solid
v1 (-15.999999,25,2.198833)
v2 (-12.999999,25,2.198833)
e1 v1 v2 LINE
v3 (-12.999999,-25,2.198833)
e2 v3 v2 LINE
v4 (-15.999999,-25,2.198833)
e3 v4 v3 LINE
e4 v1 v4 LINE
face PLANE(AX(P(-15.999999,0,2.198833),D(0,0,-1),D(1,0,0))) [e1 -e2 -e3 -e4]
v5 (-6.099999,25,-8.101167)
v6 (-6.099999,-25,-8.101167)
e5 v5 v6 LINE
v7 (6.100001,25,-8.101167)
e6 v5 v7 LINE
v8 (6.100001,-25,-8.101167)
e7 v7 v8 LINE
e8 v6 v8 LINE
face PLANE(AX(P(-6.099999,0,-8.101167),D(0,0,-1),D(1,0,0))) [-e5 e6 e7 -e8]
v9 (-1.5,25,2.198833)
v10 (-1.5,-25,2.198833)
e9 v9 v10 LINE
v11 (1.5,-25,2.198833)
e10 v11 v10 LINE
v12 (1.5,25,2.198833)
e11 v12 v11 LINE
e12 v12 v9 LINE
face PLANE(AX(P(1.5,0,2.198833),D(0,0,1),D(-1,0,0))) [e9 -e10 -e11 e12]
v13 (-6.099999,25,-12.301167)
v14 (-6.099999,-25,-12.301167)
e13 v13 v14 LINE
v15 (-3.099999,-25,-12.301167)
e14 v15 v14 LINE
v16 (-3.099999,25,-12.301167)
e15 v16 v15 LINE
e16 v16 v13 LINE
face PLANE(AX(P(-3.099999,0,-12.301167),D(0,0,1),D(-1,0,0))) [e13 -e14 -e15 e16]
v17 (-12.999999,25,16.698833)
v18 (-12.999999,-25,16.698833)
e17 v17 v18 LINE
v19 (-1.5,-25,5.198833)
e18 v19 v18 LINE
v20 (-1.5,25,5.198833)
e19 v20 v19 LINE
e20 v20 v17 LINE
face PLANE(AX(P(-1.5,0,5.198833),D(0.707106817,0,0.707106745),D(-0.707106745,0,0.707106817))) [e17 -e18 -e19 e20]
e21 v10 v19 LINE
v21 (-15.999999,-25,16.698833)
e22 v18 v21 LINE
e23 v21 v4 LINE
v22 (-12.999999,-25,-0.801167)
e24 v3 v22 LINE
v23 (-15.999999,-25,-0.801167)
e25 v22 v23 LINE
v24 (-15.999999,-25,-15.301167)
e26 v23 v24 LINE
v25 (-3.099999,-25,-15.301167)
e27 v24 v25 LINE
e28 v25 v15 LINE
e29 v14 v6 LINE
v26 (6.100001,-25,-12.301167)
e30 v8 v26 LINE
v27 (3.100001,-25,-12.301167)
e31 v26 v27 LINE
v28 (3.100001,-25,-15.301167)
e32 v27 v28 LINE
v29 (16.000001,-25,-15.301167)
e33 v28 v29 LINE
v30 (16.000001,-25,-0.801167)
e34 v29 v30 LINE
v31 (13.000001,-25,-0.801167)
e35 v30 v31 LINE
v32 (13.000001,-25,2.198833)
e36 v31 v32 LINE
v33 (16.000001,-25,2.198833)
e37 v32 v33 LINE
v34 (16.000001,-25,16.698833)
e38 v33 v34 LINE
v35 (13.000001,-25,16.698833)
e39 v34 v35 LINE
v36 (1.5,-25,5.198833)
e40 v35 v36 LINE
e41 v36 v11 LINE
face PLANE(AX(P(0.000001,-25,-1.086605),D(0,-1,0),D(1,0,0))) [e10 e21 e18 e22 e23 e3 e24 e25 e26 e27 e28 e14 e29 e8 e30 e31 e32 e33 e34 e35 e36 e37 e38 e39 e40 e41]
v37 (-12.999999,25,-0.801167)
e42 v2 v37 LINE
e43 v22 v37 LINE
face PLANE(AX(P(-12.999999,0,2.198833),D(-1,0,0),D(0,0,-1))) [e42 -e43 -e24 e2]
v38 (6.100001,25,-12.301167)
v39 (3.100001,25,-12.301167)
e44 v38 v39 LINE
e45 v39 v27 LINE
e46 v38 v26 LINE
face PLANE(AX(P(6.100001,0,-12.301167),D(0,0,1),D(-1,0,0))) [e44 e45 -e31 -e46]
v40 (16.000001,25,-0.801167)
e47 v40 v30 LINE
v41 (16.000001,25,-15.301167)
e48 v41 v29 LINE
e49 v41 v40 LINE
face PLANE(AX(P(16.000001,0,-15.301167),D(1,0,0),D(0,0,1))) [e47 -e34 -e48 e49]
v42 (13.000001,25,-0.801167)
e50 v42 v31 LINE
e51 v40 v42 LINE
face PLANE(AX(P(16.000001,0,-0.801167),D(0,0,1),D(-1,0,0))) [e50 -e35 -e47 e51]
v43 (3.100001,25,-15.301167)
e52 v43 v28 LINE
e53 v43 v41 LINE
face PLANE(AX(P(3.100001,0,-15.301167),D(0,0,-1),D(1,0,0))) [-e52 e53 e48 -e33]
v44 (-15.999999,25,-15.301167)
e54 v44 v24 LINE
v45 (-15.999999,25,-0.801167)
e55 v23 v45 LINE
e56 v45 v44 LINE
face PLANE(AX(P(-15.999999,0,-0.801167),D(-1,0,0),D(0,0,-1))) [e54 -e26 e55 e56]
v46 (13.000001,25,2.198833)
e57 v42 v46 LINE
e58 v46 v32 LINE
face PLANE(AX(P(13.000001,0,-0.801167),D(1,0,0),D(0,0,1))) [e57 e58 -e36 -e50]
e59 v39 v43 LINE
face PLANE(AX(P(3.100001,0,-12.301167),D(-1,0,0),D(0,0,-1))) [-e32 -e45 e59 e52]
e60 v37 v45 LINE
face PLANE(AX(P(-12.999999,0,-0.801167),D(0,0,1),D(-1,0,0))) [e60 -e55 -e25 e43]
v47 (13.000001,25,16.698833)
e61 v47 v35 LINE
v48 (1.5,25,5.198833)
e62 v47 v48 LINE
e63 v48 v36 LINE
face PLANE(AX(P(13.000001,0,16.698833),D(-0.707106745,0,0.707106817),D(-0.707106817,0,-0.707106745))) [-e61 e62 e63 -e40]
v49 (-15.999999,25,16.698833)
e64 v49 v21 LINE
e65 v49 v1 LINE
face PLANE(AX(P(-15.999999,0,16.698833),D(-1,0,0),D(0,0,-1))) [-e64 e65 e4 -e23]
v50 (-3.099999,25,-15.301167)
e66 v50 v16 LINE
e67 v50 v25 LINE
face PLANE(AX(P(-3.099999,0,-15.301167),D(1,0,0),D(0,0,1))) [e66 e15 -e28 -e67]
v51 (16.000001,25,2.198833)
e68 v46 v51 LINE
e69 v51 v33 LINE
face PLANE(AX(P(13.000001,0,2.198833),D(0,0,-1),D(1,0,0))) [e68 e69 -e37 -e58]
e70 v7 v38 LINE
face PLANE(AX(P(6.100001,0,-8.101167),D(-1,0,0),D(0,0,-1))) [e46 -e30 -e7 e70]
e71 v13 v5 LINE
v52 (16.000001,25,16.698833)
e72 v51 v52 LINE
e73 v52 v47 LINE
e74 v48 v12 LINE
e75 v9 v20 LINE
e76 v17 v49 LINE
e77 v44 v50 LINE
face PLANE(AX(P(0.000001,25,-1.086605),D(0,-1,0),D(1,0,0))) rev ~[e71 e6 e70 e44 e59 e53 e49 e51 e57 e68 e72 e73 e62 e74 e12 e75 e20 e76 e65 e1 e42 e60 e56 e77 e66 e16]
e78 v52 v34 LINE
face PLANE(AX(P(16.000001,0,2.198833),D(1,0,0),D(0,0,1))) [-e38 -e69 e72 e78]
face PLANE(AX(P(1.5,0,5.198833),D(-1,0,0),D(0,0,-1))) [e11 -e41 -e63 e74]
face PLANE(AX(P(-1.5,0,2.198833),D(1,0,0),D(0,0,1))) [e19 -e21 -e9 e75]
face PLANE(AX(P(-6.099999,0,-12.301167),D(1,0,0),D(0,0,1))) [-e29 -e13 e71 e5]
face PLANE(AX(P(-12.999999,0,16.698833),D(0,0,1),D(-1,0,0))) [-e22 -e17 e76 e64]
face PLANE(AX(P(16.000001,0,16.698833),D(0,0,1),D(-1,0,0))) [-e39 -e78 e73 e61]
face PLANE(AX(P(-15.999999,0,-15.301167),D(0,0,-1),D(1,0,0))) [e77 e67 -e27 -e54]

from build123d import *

# Parameters (mm, degrees)
F1_DEPTH = 25


with BuildPart() as f1:
    # F0 (on Front) → F1 (new body, symmetric)
    with BuildSketch(Plane.XZ):
        Polygon((-15.9999988203, -0.8011669839), (-15.9999988203, -15.3011669839), (-3.0999990533, -15.3011669839), (-3.0999990533, -12.3011669839), (-6.0999990533, -12.3011669839), (-6.0999990533, -8.1011669839), (6.1000009467, -8.1011669839), (6.1000009467, -12.3011669839), (3.1000009467, -12.3011669839), (3.1000009467, -15.3011669839), (16.0000009467, -15.3011669839), (16.0000009467, -0.8011669839), (13.0000011797, -0.8011669839), (13.0000011797, 2.1988330161), (16.0000011797, 2.1988330161), (16.0000011797, 16.6988330161), (13.0000011797, 16.6988330161), (1.5, 5.1988330161), (1.5, 2.1988330161), (0, 2.1988330161), (-1.5, 2.1988330161), (-1.5, 5.1988330161), (-12.9999988203, 16.6988330161), (-15.9999988203, 16.6988330161), (-15.9999988203, 2.1988330161), (-12.9999988203, 2.1988330161), (-12.9999988203, -0.8011669839), align=None)
    extrude(amount=F1_DEPTH, both=True)


solid = f1.part
